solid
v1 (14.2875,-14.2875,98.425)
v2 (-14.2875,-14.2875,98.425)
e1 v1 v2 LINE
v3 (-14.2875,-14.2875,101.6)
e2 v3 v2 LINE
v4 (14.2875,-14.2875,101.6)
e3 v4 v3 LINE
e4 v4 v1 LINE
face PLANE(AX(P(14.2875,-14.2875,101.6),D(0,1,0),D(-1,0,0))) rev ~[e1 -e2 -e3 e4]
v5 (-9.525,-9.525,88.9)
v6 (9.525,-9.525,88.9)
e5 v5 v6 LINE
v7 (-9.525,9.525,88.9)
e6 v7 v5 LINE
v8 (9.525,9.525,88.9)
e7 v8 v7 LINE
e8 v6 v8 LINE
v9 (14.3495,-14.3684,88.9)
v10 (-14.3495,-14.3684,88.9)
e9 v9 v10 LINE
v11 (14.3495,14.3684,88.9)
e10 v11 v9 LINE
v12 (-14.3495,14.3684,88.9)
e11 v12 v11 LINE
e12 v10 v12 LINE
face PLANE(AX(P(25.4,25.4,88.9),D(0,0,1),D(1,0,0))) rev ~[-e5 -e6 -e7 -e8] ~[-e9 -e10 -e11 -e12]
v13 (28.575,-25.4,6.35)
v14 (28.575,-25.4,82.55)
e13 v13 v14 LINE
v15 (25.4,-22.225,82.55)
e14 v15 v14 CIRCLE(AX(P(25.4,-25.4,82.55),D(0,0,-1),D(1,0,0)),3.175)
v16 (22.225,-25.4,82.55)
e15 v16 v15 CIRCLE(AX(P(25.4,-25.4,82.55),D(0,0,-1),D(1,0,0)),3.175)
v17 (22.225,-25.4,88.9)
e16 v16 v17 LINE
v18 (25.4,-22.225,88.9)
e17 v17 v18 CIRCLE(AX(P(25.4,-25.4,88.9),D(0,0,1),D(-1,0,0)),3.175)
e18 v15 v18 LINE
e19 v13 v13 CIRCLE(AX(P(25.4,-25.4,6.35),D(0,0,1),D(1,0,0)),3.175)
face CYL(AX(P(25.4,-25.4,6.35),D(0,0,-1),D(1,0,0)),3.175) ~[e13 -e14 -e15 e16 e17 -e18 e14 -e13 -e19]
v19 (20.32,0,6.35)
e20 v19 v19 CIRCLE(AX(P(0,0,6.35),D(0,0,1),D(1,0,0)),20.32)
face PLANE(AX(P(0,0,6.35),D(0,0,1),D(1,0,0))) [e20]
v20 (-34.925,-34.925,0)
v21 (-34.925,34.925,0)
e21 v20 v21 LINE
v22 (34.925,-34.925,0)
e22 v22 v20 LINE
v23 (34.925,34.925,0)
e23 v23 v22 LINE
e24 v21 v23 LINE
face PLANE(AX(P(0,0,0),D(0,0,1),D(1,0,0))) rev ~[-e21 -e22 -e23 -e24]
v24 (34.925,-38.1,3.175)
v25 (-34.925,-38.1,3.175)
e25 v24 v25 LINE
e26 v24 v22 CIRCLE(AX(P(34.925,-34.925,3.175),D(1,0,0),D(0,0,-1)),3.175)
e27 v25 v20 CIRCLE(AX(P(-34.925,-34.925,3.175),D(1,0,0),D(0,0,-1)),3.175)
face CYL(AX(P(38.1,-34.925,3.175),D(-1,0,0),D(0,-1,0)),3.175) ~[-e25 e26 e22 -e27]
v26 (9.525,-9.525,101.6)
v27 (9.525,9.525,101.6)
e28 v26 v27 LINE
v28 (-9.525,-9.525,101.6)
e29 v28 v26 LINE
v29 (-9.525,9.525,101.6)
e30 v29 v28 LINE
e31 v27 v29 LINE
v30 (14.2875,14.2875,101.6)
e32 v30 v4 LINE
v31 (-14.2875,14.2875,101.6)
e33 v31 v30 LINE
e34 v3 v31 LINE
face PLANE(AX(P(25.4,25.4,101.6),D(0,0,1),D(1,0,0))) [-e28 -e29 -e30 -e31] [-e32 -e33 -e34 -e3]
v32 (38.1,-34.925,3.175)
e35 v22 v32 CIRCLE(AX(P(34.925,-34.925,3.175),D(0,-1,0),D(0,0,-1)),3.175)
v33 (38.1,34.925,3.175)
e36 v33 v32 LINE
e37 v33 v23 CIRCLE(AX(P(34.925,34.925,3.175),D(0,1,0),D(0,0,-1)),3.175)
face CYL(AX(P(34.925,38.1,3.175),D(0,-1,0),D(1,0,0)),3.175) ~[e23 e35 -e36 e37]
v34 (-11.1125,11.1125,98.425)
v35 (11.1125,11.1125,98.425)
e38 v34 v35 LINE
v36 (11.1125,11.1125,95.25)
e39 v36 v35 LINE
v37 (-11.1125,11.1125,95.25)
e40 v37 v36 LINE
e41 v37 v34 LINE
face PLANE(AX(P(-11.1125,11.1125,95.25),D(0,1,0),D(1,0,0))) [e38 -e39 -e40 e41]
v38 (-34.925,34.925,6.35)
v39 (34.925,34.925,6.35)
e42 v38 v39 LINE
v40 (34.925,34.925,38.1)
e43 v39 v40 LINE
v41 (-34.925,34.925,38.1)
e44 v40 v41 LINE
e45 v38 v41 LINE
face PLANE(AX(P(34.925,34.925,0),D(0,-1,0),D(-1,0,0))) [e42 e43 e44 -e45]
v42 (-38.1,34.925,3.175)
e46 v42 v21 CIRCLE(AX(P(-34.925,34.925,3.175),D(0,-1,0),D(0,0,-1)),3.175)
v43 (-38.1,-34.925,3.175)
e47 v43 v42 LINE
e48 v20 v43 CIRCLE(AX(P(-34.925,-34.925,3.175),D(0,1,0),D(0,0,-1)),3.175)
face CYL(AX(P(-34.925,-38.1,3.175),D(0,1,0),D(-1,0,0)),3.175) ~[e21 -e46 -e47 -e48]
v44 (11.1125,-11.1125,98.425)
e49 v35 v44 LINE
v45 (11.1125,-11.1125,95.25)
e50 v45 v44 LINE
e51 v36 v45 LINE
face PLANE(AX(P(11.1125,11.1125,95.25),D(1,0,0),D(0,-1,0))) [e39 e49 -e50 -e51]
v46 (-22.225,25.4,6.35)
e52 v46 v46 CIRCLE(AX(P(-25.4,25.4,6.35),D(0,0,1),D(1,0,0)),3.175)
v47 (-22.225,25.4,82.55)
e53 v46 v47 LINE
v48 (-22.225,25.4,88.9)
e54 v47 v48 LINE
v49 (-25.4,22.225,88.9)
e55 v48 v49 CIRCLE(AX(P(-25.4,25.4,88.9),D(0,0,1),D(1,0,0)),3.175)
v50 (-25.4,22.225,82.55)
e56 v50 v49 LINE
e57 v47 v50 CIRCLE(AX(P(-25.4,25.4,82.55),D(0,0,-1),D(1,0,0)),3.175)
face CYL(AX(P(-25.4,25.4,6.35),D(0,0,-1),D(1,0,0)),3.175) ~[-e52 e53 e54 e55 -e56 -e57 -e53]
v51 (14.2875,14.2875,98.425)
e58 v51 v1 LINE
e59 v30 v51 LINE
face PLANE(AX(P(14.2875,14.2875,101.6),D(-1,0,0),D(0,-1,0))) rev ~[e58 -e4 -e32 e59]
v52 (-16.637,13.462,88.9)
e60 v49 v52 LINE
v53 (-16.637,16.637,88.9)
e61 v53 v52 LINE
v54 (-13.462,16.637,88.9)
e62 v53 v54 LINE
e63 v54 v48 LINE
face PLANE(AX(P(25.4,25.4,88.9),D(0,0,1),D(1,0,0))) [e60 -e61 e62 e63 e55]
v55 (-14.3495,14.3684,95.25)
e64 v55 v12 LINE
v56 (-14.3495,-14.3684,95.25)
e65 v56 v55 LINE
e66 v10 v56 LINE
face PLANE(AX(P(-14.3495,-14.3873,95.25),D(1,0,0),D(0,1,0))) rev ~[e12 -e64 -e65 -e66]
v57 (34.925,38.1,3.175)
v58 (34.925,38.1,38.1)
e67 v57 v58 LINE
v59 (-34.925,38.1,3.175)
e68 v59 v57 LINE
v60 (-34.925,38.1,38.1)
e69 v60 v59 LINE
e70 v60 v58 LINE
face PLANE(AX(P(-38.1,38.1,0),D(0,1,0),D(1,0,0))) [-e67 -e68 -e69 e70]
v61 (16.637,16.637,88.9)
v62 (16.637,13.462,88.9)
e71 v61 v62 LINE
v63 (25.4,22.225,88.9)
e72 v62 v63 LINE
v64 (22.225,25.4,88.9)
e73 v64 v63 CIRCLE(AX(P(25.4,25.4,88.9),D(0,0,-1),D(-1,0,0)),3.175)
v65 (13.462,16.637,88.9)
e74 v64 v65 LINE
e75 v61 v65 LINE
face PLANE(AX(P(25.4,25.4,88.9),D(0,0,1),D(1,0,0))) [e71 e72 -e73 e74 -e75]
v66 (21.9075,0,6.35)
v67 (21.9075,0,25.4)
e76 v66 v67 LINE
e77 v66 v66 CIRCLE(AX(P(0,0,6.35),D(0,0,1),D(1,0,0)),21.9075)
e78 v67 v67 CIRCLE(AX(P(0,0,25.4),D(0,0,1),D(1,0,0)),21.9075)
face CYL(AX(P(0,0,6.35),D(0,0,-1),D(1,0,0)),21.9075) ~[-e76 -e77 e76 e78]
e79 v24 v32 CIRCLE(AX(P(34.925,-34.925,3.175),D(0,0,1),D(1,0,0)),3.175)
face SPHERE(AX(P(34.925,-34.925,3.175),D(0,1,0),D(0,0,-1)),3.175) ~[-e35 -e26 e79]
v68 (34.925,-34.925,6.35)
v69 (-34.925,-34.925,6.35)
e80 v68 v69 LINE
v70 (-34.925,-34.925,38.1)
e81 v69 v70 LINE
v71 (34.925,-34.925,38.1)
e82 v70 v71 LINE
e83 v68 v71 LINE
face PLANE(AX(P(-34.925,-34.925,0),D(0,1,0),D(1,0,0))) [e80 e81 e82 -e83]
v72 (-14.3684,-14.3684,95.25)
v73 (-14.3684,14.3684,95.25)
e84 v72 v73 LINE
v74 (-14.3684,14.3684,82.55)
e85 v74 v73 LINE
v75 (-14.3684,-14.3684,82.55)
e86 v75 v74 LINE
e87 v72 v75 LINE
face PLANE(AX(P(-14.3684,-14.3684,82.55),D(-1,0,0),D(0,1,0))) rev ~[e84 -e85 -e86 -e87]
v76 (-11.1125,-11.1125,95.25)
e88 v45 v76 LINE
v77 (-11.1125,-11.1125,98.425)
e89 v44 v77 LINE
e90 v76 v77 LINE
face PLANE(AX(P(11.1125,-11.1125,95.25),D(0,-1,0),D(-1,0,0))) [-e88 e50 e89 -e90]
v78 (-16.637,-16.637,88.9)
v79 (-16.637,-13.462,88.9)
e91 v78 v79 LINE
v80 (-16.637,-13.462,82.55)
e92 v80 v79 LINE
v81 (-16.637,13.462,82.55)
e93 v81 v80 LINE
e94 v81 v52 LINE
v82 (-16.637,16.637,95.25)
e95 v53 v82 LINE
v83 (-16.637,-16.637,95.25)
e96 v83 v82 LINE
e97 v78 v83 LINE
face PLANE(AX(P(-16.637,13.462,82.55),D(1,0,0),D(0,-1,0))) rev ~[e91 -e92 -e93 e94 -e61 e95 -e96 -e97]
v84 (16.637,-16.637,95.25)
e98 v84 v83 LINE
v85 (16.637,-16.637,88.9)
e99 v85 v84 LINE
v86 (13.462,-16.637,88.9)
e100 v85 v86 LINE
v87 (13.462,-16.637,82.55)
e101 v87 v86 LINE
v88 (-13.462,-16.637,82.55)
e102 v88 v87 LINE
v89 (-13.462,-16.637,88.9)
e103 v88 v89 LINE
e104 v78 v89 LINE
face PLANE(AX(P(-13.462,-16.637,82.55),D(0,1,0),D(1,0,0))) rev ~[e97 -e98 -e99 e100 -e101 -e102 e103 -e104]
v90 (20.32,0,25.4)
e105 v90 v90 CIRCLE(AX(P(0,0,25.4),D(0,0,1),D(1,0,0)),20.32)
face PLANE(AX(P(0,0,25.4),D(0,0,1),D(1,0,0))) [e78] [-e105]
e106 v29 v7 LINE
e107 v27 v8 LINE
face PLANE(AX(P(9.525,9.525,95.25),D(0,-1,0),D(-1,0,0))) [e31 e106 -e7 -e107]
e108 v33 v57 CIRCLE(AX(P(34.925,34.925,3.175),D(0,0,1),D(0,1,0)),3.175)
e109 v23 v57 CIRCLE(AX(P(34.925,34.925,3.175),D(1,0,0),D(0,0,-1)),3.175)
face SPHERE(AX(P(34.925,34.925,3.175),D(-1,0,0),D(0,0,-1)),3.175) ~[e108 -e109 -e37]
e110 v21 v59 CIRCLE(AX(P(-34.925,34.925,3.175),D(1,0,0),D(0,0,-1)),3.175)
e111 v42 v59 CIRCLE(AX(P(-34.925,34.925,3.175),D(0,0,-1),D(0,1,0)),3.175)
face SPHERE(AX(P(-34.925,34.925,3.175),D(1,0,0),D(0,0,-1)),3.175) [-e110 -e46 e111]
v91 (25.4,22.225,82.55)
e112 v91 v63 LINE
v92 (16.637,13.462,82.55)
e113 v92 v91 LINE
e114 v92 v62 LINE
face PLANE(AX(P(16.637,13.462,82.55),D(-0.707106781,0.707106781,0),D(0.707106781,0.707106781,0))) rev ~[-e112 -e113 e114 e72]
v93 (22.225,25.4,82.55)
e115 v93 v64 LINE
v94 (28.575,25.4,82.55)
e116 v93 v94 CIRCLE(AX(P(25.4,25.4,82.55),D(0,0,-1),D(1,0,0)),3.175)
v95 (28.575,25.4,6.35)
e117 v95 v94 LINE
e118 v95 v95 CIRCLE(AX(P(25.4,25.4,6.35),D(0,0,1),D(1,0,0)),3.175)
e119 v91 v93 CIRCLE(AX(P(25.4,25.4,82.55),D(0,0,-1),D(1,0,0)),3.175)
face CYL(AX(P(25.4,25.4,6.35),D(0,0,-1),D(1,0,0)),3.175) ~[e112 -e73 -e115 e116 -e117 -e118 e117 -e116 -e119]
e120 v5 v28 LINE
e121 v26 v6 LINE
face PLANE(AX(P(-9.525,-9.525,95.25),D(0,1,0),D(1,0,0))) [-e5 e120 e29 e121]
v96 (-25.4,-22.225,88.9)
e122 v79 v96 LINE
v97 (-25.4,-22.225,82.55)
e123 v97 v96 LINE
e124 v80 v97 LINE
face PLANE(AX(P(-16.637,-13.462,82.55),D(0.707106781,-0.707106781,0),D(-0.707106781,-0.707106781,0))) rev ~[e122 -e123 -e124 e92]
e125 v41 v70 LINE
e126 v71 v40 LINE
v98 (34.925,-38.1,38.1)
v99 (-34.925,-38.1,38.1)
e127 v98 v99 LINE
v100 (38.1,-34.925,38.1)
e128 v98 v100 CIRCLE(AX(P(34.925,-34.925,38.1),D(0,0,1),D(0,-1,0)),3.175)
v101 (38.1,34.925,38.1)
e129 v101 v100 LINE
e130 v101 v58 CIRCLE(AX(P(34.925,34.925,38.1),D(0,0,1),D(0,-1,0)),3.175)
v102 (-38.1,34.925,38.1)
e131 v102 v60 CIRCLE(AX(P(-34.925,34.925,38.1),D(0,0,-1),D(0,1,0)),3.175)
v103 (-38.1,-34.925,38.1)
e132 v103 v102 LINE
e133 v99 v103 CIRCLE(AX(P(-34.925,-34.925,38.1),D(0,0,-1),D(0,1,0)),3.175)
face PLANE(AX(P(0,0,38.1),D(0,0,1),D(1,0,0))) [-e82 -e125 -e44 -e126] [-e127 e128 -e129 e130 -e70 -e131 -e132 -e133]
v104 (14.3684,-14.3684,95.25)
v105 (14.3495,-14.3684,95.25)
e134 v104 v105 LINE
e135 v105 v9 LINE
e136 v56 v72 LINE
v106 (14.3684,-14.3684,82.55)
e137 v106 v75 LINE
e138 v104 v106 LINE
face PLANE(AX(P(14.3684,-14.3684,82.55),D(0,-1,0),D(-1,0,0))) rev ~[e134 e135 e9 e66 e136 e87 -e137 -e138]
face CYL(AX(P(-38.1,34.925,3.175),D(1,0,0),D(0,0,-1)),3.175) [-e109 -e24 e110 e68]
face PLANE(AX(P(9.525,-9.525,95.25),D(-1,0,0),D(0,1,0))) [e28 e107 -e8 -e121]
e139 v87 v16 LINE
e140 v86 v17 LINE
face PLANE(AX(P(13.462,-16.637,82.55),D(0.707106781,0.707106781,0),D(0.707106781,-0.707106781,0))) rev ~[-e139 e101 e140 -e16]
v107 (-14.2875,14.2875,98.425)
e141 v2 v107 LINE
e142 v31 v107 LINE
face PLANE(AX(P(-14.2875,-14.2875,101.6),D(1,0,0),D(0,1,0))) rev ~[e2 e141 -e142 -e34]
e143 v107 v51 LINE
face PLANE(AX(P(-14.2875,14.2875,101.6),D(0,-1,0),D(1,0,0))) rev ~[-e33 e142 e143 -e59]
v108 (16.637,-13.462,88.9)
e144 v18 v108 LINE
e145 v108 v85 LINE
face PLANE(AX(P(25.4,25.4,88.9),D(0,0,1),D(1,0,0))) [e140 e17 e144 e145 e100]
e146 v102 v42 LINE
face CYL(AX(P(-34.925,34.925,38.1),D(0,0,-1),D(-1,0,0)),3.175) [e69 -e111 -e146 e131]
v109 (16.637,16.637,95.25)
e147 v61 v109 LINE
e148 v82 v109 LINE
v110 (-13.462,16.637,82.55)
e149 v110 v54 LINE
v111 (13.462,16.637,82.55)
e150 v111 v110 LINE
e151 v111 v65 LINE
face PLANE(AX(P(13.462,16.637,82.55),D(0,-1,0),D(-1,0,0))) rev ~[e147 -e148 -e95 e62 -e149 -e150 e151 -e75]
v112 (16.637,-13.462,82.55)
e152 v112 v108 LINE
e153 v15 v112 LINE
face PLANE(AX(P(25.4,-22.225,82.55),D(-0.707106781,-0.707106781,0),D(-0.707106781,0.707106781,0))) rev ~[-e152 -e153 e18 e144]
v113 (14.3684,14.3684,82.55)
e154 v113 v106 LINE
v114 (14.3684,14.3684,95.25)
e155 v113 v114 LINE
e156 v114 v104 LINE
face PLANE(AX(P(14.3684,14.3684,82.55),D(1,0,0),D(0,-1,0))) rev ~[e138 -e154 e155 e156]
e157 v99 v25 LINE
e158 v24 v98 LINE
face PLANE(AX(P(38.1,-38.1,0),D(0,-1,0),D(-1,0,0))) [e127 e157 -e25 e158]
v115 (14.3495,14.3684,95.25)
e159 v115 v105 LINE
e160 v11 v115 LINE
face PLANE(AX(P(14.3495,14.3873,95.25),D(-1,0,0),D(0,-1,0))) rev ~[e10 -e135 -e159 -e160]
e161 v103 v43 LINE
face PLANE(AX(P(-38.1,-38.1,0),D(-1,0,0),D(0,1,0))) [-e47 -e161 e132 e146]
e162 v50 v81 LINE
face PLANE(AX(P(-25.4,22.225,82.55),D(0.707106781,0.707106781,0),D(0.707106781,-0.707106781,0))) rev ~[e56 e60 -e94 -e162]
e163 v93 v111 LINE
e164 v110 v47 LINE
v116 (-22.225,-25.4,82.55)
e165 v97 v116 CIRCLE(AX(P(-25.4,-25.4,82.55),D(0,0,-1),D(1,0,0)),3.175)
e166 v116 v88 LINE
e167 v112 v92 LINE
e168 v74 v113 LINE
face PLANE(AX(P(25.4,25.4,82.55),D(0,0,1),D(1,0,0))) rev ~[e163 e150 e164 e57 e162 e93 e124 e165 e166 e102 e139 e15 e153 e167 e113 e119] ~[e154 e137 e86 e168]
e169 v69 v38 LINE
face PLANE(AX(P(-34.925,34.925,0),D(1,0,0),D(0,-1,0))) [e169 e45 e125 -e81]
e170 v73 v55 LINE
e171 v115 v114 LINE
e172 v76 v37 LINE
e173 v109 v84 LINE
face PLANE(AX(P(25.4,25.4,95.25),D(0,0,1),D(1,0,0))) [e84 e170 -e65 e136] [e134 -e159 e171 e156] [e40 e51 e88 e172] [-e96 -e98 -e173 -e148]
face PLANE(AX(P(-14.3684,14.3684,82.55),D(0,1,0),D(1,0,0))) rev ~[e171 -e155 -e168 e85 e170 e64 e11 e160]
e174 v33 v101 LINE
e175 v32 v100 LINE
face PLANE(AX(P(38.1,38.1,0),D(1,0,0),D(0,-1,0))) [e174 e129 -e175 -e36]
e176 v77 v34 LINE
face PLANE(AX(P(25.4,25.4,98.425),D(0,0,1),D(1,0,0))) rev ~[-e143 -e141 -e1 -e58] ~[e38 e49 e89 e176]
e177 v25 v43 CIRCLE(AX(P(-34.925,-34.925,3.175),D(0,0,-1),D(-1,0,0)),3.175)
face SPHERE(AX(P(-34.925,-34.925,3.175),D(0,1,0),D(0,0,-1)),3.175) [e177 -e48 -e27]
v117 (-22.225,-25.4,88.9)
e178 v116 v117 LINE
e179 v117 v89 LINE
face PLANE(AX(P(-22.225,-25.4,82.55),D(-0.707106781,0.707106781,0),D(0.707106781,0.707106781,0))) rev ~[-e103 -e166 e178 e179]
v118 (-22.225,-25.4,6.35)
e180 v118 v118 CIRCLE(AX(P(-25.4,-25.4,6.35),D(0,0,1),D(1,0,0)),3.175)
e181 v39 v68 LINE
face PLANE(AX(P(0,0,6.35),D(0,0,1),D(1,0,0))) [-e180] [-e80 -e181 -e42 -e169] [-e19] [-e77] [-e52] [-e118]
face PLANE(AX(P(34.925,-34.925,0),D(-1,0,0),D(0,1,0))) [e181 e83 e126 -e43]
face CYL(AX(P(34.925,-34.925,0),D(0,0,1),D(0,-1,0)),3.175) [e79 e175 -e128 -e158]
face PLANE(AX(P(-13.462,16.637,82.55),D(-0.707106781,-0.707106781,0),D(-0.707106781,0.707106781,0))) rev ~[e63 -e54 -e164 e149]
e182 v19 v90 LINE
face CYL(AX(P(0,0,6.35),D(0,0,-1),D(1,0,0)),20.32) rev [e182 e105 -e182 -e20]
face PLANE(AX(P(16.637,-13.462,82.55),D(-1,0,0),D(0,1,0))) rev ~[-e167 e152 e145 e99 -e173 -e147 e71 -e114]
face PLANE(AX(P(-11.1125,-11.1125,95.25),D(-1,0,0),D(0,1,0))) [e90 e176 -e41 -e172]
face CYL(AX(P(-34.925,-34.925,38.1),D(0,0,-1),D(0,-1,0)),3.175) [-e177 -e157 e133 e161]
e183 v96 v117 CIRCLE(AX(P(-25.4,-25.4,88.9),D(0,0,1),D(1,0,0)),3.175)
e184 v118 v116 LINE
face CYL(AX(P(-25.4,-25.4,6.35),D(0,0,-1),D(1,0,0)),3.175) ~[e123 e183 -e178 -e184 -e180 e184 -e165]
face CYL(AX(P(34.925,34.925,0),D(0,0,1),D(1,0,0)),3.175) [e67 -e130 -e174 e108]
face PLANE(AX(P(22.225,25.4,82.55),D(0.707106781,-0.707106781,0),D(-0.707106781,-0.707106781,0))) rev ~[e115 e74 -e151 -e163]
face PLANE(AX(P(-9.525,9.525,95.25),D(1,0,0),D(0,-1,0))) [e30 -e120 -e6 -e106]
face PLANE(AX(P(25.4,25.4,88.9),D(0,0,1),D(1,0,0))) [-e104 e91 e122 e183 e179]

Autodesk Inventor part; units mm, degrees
ref_plane "YZ Plane" through (0, 0, 0) normal (1, 0, 0) x (0, 1, 0)
ref_plane "XZ Plane" through (0, 0, 0) normal (0, 1, 0) x (-1, 0, 0)
ref_plane "XY Plane" through (0, 0, 0) normal (0, 0, 1) x (1, 0, 0)
sketch "Sketch1" plane through (0, 0, 0) normal (0, 0, 1) x (1, 0, 0)
  line L0 (38.1, -38.1) -> (-38.1, -38.1)
  line L1 (-38.1, -38.1) -> (-38.1, 38.1)
  line L2 (-38.1, 38.1) -> (38.1, 38.1)
  line L3 (38.1, 38.1) -> (38.1, -38.1)
  line L4 (38.1, -38.1) -> (-38.1, 38.1) construction
  line L5 (-38.1, -38.1) -> (38.1, 38.1) construction
  line L6 (-34.925, -34.925) -> (34.925, -34.925)
  line L7 (34.925, -34.925) -> (34.925, 34.925)
  line L8 (34.925, 34.925) -> (-34.925, 34.925)
  line L9 (-34.925, 34.925) -> (-34.925, -34.925)
  line L10 (-34.925, -34.925) -> (34.925, 34.925) construction
  line L11 (34.925, -34.925) -> (-34.925, 34.925) construction
  point P0 (0, 0)
  dimension "d0" = 76.2
  dimension "d1" = 76.2
  dimension "d2" = 69.85
  dimension "d3" = 69.85
extrude "Extrusion1" add sketch "Sketch1" along normal blind 6.35 contours L0 L1 L2 L3 | L9 L8 L7 L6
extrude "Extrusion2" add sketch "Sketch1" along normal blind 38.1
fillet "Fillet1" radius 3.175 8 edges at (0, 38.1, 0) (38.1, 0, 0) (-38.1, 0, 0) (0, -38.1, 0) (38.1, 38.1, 19.05) (-38.1, 38.1, 19.05) (38.1, -38.1, 19.05) (-38.1, -38.1, 19.05)
sketch "Sketch2" plane through (0, 0, 6.35) normal (0, 0, 1) x (1, 0, 0)
  circle A0 centre (0, 0) radius 20.32
  circle A1 centre (0, 0) radius 21.9075
  dimension "d9" = 40.64
  dimension "d10" = 43.815
extrude "Extrusion3" add sketch "Sketch2" along normal blind 19.05
sketch "Sketch3" plane through (0, 0, 6.35) normal (0, 0, 1) x (1, 0, 0)
  line L0 (-25.4, -25.4) -> (25.4, -25.4)
  line L1 (25.4, -25.4) -> (25.4, 25.4)
  line L2 (25.4, 25.4) -> (-25.4, 25.4)
  line L3 (-25.4, 25.4) -> (-25.4, -25.4)
  line L4 (-25.4, -25.4) -> (25.4, 25.4) construction
  line L5 (25.4, -25.4) -> (-25.4, 25.4) construction
  circle A0 centre (25.4, 25.4) radius 3.175
  circle A1 centre (-25.4, 25.4) radius 3.175
  circle A2 centre (-25.4, -25.4) radius 3.175
  circle A3 centre (25.4, -25.4) radius 3.175
  point P0 (0, 0)
  dimension "d13" = 50.8
  dimension "d14" = 50.8
  dimension "d15" = 6.35
  dimension "d16" = 6.35
  dimension "d17" = 6.35
  dimension "d18" = 6.35
extrude "Extrusion4" add sketch "Sketch3" along normal blind 76.2 contours L3 A2 L0 | L0 A2 L3 | A3 L1 L0 | L0 L1 A3 | A1 L2 L3 | L3 L2 A1 | A0 L2 L1 | L1 L2 A0
sketch "Sketch4" plane through (25.4, 25.4, 82.55) normal (0, 0, 1) x (1, 0, 0)
  line L0 (0, 0) -> (-3.175, 0)
  circle A0 centre (-50.8, -50.8) radius 3.175
  circle A1 centre (0, -50.8) radius 3.175
  circle A2 centre (0, 0) radius 3.175
  circle A3 centre (-50.8, 0) radius 3.175
  circle A4 centre (-50.8, -50.8) radius 3.175 projected
  line L1 (-50.8, -47.625) -> (-47.625, -50.8)
  line L2 (1.5875, -1.5875) -> (-1.5875, 1.5875)
  circle A5 centre (-50.8, 0) radius 3.175 projected
  line L3 (-1.5875, -52.3875) -> (1.5875, -49.2125)
  line L4 (-38.862, -42.037) -> (-11.938, -42.037)
  line L5 (-8.763, -38.862) -> (-8.763, -11.938)
  line L6 (-11.938, -8.763) -> (-38.862, -8.763)
  line L7 (-42.037, -11.938) -> (-42.037, -38.862)
  line L8 (-42.037, -42.037) -> (-8.763, -8.763) construction
  line L9 (-8.763, -42.037) -> (-42.037, -8.763) construction
  line L10 (-11.0316, -39.7684) -> (-39.7684, -39.7684)
  line L11 (-39.7684, -39.7684) -> (-39.7684, -11.0316)
  line L12 (-39.7684, -11.0316) -> (-11.0316, -11.0316)
  line L13 (-11.0316, -11.0316) -> (-11.0316, -39.7684)
  line L14 (-11.0316, -39.7684) -> (-39.7684, -11.0316) construction
  line L15 (-39.7684, -39.7684) -> (-11.0316, -11.0316) construction
  line L16 (-50.8, -3.175) -> (-42.037, -11.938)
  line L17 (1.5875, -49.2125) -> (-8.763, -38.862)
  line L18 (-38.862, -8.763) -> (-47.625, 0)
  line L19 (-8.763, -11.938) -> (1.5875, -1.5875)
  line L20 (-1.5875, 1.5875) -> (-11.938, -8.763)
  line L21 (-42.037, -38.862) -> (-50.8, -47.625)
  line L22 (-47.625, -50.8) -> (-38.862, -42.037)
  line L23 (-11.938, -42.037) -> (-1.5875, -52.3875)
  line L24 (0, -50.8) -> (0, -47.625)
  line L25 (0, -3.175) -> (0, 0)
  line L26 (-50.8, -50.8) -> (-47.625, -50.8)
  line L27 (-3.175, -50.8) -> (0, -50.8)
  line L28 (-50.8, 0) -> (-50.8, -3.175)
  line L29 (-50.8, -47.625) -> (-50.8, -50.8)
  line L30 (-8.763, -11.938) -> (-8.763, -8.763)
  line L31 (-11.938, -8.763) -> (-8.763, -8.763)
  line L32 (-38.862, -8.763) -> (-42.037, -8.763)
  line L33 (-42.037, -11.938) -> (-42.037, -8.763)
  line L34 (-42.037, -38.862) -> (-42.037, -42.037)
  line L35 (-38.862, -42.037) -> (-42.037, -42.037)
  line L36 (-11.938, -42.037) -> (-8.763, -42.037)
  line L37 (-8.763, -42.037) -> (-8.763, -38.862)
  point P0 (-25.4, -25.4)
  point P1 (-25.4, -25.4)
  point P2 (-47.625, 0)
  point P3 (-3.175, -50.8)
  point P4 (0, -47.625)
  point P5 (0, -3.175)
  point P6 (-3.175, 0)
  dimension "d21" = 50.8
  dimension "d22" = 50.8
  dimension "d23" = 33.274
  dimension "d24" = 33.274
extrude "Extrusion5" add sketch "Sketch4" along normal blind 6.35
extrude "Extrusion6" add sketch "Sketch4" along normal blind 12.7 contours L31 L30 L5 L37 L36 L4 L35 L34 L7 L33 L32 L6
sketch "Sketch5" plane through (25.4, 25.4, 95.25) normal (0, 0, 1) x (1, 0, 0)
  circle A0 centre (-25.4, -25.4) radius 20.32 projected
  line L0 (-39.7495, -11.0127) -> (-11.0505, -11.0127)
  line L1 (-11.0505, -11.0127) -> (-11.0505, -39.7873)
  line L2 (-11.0505, -39.7873) -> (-39.7495, -39.7873)
  line L3 (-39.7495, -39.7873) -> (-39.7495, -11.0127)
  line L4 (-39.7495, -11.0127) -> (-11.0505, -39.7873) construction
  line L5 (-11.0505, -11.0127) -> (-39.7495, -39.7873) construction
  line L6 (-34.925, -34.925) -> (-15.875, -34.925)
  line L7 (-15.875, -34.925) -> (-15.875, -15.875)
  line L8 (-15.875, -15.875) -> (-34.925, -15.875)
  line L9 (-34.925, -15.875) -> (-34.925, -34.925)
  line L10 (-34.925, -34.925) -> (-15.875, -15.875) construction
  line L11 (-15.875, -34.925) -> (-34.925, -15.875) construction
  line L12 (-14.2875, -36.5125) -> (-36.5125, -36.5125)
  line L13 (-36.5125, -36.5125) -> (-36.5125, -14.2875)
  line L14 (-36.5125, -14.2875) -> (-14.2875, -14.2875)
  line L15 (-14.2875, -14.2875) -> (-14.2875, -36.5125)
  line L16 (-14.2875, -36.5125) -> (-36.5125, -14.2875) construction
  line L17 (-36.5125, -36.5125) -> (-14.2875, -14.2875) construction
  dimension "d29" = 19.05
  dimension "d30" = 19.05
  dimension "d33" = 22.225
  dimension "d34" = 22.225
extrude "Extrusion8" add sketch "Sketch5" against normal blind 6.35 contours L1 L2 L3 L0 | L12 L13 L14 L15
extrude "Extrusion9" add sketch "Sketch5" along normal blind 6.35 contours L12 L13 L14 L15
sketch "Sketch6" plane through (25.4, 25.4, 101.6) normal (0, 0, 1) x (1, 0, 0)
  line L0 (-14.2875, -36.5125) -> (-36.5125, -36.5125) projected
  line L1 (-36.5125, -14.2875) -> (-14.2875, -14.2875)
  line L2 (-14.2875, -14.2875) -> (-14.2875, -36.5125)
  line L3 (-14.2875, -36.5125) -> (-36.5125, -36.5125)
  line L4 (-36.5125, -36.5125) -> (-36.5125, -14.2875)
  line L5 (-36.5125, -14.2875) -> (-14.2875, -36.5125) construction
  line L6 (-14.2875, -14.2875) -> (-36.5125, -36.5125) construction
  line L7 (-39.6875, -11.1125) -> (-11.1125, -11.1125)
  line L8 (-11.1125, -11.1125) -> (-11.1125, -39.6875)
  line L9 (-11.1125, -39.6875) -> (-39.6875, -39.6875)
  line L10 (-39.6875, -39.6875) -> (-39.6875, -11.1125)
  line L11 (-39.6875, -11.1125) -> (-11.1125, -39.6875) construction
  line L12 (-11.1125, -11.1125) -> (-39.6875, -39.6875) construction
  point P0 (-25.4, -25.4)
  dimension "d39" = 28.575
  dimension "d40" = 28.575
extrude "Extrusion10" add sketch "Sketch6" against normal blind 3.175
equation "\"d34\" = d33"
properties part number "Hot Air Ballon"
